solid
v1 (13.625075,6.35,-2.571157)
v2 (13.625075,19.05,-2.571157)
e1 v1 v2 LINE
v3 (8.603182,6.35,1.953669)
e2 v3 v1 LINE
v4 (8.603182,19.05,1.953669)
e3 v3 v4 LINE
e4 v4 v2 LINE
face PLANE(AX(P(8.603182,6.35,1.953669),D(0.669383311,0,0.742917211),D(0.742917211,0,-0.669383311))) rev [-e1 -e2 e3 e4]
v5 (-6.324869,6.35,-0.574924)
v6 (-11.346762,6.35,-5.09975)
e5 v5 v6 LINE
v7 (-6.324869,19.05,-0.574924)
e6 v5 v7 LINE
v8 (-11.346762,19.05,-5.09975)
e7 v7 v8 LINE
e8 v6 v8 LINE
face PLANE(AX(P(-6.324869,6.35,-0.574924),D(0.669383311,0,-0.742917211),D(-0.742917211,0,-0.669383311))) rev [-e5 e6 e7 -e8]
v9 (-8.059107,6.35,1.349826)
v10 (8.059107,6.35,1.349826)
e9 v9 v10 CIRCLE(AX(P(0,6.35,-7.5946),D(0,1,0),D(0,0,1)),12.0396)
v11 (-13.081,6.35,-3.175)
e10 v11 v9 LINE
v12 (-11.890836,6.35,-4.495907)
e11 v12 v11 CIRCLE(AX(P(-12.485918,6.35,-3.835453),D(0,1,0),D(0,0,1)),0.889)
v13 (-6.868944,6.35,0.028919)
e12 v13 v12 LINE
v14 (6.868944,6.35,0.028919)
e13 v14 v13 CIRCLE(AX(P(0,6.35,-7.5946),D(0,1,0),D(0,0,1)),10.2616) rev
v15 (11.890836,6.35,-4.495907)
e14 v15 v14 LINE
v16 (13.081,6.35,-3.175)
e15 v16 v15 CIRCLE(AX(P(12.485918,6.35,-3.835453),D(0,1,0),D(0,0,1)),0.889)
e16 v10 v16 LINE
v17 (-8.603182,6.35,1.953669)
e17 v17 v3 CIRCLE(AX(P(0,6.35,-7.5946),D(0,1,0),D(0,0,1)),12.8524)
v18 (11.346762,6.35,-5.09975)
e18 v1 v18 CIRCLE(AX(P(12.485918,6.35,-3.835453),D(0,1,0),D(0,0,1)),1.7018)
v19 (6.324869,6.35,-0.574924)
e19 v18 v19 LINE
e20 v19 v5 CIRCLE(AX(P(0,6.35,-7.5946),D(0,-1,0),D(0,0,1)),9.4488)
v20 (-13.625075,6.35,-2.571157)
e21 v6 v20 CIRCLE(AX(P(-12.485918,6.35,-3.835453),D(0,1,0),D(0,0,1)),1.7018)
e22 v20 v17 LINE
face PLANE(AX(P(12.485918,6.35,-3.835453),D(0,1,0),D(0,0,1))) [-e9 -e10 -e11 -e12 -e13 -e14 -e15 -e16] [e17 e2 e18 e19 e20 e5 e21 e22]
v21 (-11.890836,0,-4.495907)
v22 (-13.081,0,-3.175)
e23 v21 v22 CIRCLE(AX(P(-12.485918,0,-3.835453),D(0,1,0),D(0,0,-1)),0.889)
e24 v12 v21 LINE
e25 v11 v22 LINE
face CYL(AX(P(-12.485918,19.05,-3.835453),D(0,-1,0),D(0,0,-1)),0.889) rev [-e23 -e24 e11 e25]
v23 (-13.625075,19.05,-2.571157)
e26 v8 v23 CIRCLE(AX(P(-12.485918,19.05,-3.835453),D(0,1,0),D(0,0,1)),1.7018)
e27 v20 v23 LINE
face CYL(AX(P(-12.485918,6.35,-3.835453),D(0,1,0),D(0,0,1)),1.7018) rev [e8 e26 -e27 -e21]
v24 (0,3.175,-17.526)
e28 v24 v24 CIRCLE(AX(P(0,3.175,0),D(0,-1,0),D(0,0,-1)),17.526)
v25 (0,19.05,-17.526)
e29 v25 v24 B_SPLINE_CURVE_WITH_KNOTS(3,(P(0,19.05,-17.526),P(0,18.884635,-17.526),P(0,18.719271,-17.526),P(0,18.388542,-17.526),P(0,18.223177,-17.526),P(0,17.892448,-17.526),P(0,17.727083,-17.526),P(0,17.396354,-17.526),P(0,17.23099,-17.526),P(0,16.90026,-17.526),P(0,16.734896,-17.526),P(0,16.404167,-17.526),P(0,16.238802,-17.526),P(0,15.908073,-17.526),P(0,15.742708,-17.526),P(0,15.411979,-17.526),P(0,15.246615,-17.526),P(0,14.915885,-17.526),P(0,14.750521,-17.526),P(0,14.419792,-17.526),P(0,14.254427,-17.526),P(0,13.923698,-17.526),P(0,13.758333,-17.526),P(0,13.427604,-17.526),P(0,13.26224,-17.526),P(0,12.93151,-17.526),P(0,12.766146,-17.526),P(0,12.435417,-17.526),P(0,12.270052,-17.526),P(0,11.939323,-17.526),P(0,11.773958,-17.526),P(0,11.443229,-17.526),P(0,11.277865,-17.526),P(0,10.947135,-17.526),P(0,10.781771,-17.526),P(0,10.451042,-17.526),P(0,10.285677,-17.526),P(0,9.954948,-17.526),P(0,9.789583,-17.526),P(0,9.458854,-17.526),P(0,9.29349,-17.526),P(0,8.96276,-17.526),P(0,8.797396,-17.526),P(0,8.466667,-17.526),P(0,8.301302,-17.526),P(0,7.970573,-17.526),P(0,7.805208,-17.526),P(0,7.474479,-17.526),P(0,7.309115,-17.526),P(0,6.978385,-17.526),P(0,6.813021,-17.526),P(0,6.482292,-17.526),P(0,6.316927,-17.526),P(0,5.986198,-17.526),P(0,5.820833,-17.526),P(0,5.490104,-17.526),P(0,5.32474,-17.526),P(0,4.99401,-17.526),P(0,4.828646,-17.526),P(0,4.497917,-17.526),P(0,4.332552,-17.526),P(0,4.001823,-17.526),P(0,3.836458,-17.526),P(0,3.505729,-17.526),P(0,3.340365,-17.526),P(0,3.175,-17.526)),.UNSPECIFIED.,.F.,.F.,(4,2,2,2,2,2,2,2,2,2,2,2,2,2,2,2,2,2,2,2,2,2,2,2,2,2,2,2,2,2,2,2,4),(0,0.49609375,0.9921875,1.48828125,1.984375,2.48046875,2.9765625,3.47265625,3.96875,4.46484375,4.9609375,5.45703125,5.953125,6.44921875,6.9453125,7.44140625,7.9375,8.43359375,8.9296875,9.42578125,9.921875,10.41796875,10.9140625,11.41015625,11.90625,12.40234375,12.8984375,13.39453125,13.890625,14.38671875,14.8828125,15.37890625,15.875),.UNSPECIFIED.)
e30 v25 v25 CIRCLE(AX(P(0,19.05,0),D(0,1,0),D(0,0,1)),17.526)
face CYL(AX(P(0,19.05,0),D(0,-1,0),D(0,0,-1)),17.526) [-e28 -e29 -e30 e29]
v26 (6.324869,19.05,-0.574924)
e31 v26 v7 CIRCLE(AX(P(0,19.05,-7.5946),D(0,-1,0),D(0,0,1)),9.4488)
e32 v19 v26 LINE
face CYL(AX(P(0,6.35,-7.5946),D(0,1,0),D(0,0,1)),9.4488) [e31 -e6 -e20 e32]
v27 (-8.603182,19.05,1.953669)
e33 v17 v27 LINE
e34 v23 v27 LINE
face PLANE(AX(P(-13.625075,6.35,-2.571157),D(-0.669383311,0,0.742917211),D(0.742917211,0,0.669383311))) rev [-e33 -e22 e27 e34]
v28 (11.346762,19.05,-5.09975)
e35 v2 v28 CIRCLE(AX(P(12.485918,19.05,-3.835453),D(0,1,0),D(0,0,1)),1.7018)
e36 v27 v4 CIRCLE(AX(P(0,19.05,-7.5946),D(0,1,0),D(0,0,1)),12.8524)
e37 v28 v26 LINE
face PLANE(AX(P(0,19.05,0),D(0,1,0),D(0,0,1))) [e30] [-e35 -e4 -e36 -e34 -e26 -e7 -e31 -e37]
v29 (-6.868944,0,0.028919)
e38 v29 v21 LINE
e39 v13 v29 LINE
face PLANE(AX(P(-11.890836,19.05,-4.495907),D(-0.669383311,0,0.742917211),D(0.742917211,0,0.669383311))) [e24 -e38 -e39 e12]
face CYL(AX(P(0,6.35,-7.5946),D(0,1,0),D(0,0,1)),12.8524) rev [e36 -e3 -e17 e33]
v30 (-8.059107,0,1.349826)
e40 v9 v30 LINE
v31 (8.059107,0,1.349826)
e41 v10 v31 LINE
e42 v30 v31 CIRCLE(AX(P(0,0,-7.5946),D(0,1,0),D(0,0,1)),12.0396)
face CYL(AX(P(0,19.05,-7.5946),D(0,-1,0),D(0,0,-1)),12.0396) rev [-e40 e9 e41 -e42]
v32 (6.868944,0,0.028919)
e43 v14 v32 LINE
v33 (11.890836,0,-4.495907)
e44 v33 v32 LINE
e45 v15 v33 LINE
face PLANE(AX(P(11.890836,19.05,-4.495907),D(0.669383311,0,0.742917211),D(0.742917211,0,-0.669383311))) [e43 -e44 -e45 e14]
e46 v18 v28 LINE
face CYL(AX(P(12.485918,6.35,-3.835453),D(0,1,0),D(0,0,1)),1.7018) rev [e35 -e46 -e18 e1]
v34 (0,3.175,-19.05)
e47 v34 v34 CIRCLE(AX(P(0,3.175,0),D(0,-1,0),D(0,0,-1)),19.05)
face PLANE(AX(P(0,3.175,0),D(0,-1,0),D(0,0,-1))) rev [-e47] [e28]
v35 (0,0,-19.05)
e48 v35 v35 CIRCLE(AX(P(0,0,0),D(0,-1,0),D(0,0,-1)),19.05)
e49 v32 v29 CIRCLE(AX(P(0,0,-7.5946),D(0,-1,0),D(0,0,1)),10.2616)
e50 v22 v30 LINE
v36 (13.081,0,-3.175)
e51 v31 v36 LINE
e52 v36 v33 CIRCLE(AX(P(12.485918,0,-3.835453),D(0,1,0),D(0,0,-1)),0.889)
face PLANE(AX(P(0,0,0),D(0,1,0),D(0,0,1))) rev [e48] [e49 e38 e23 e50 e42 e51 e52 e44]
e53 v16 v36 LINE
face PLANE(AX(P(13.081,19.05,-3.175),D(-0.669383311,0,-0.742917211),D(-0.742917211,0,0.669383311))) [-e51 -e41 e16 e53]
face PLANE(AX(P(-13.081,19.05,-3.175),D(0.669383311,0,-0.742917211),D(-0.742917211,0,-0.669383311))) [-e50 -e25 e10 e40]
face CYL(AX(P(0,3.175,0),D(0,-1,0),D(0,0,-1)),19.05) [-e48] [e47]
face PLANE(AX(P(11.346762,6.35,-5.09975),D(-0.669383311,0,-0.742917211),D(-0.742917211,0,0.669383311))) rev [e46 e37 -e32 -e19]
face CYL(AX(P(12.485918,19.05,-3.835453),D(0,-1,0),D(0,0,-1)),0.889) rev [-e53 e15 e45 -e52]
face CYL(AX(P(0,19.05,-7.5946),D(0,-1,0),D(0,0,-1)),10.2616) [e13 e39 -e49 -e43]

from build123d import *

# Parameters (mm, degrees)
SKETCH2_R           = 17.526
BOSS_EXTRUDE1_DEPTH = 19.05
SKETCH15_R          = 19.05
BOSS_EXTRUDE2_DEPTH = 3.175
CUT_EXTRUDE2_DEPTH  = 12.7


with BuildPart() as part:
    # Sketch2 → Boss-Extrude1 (new body)
    with BuildSketch(Plane(origin=(0, 0, 0), x_dir=(1, 0, 0), z_dir=(0, 1, 0))):
        with Locations(Location((0, 0, 0), (0, 0, 90))):
            Circle(SKETCH2_R)
        with BuildLine():
            Line((-13.081, 3.175), (-8.059107313, -1.349826056))
            ThreePointArc((-8.059107313, -1.349826056), (0, -4.445), (8.059107313, -1.349826056))
            Line((8.059107313, -1.349826056), (13.081, 3.175))
            ThreePointArc((13.081, 3.175), (13.146371637, 4.430535164), (11.890836473, 4.495906802))
            Line((11.890836473, 4.495906802), (6.868943786, -0.028919255))
            ThreePointArc((6.868943786, -0.028919255), (0, -2.667), (-6.868943786, -0.028919255))
            Line((-6.868943786, -0.028919255), (-11.890836473, 4.495906802))
            ThreePointArc((-11.890836473, 4.495906802), (-13.146371637, 4.430535164), (-13.081, 3.175))
        make_face(mode=Mode.SUBTRACT)
    extrude(amount=BOSS_EXTRUDE1_DEPTH)

    # Sketch15 → Boss-Extrude2 (add)
    with BuildSketch(Plane.XZ):
        with Locations(Location((0, 0, 0), (0, 0, 270))):
            Circle(SKETCH15_R)
        with BuildLine():
            Line((-13.081, -3.175), (-8.059107313, 1.349826056))
            ThreePointArc((-8.059107313, 1.349826056), (0, 4.445), (8.059107313, 1.349826056))
            Line((8.059107313, 1.349826056), (13.081, -3.175))
            ThreePointArc((13.081, -3.175), (13.146371637, -4.430535164), (11.890836473, -4.495906802))
            Line((11.890836473, -4.495906802), (6.868943786, 0.028919255))
            ThreePointArc((6.868943786, 0.028919255), (0, 2.667), (-6.868943786, 0.028919255))
            Line((-6.868943786, 0.028919255), (-11.890836473, -4.495906802))
            ThreePointArc((-11.890836473, -4.495906802), (-13.146371637, -4.430535164), (-13.081, -3.175))
        make_face(mode=Mode.SUBTRACT)
    extrude(amount=-BOSS_EXTRUDE2_DEPTH)

    # Sketch14 → Cut-Extrude2 (cut)
    with BuildSketch(Plane(origin=(0, 19.05, 0), x_dir=(1, 0, 0), z_dir=(0, 1, 0))):
        with BuildLine():
            Line((8.603182068, -1.953669166), (13.625074755, 2.571156891))
            ThreePointArc((13.625074755, 2.571156891), (13.750214746, 4.97460992), (11.346761717, 5.099749911))
            Line((11.346761717, 5.099749911), (6.32486903, 0.574923855))
            ThreePointArc((6.32486903, 0.574923855), (0, -1.8542), (-6.32486903, 0.574923855))
            Line((-6.32486903, 0.574923855), (-11.346761717, 5.099749911))
            ThreePointArc((-11.346761717, 5.099749911), (-13.750214746, 4.97460992), (-13.625074755, 2.571156891))
            Line((-13.625074755, 2.571156891), (-8.603182068, -1.953669166))
            ThreePointArc((-8.603182068, -1.953669166), (0, -5.2578), (8.603182068, -1.953669166))
        make_face()
    extrude(amount=-CUT_EXTRUDE2_DEPTH, mode=Mode.SUBTRACT)


solid = part.part
